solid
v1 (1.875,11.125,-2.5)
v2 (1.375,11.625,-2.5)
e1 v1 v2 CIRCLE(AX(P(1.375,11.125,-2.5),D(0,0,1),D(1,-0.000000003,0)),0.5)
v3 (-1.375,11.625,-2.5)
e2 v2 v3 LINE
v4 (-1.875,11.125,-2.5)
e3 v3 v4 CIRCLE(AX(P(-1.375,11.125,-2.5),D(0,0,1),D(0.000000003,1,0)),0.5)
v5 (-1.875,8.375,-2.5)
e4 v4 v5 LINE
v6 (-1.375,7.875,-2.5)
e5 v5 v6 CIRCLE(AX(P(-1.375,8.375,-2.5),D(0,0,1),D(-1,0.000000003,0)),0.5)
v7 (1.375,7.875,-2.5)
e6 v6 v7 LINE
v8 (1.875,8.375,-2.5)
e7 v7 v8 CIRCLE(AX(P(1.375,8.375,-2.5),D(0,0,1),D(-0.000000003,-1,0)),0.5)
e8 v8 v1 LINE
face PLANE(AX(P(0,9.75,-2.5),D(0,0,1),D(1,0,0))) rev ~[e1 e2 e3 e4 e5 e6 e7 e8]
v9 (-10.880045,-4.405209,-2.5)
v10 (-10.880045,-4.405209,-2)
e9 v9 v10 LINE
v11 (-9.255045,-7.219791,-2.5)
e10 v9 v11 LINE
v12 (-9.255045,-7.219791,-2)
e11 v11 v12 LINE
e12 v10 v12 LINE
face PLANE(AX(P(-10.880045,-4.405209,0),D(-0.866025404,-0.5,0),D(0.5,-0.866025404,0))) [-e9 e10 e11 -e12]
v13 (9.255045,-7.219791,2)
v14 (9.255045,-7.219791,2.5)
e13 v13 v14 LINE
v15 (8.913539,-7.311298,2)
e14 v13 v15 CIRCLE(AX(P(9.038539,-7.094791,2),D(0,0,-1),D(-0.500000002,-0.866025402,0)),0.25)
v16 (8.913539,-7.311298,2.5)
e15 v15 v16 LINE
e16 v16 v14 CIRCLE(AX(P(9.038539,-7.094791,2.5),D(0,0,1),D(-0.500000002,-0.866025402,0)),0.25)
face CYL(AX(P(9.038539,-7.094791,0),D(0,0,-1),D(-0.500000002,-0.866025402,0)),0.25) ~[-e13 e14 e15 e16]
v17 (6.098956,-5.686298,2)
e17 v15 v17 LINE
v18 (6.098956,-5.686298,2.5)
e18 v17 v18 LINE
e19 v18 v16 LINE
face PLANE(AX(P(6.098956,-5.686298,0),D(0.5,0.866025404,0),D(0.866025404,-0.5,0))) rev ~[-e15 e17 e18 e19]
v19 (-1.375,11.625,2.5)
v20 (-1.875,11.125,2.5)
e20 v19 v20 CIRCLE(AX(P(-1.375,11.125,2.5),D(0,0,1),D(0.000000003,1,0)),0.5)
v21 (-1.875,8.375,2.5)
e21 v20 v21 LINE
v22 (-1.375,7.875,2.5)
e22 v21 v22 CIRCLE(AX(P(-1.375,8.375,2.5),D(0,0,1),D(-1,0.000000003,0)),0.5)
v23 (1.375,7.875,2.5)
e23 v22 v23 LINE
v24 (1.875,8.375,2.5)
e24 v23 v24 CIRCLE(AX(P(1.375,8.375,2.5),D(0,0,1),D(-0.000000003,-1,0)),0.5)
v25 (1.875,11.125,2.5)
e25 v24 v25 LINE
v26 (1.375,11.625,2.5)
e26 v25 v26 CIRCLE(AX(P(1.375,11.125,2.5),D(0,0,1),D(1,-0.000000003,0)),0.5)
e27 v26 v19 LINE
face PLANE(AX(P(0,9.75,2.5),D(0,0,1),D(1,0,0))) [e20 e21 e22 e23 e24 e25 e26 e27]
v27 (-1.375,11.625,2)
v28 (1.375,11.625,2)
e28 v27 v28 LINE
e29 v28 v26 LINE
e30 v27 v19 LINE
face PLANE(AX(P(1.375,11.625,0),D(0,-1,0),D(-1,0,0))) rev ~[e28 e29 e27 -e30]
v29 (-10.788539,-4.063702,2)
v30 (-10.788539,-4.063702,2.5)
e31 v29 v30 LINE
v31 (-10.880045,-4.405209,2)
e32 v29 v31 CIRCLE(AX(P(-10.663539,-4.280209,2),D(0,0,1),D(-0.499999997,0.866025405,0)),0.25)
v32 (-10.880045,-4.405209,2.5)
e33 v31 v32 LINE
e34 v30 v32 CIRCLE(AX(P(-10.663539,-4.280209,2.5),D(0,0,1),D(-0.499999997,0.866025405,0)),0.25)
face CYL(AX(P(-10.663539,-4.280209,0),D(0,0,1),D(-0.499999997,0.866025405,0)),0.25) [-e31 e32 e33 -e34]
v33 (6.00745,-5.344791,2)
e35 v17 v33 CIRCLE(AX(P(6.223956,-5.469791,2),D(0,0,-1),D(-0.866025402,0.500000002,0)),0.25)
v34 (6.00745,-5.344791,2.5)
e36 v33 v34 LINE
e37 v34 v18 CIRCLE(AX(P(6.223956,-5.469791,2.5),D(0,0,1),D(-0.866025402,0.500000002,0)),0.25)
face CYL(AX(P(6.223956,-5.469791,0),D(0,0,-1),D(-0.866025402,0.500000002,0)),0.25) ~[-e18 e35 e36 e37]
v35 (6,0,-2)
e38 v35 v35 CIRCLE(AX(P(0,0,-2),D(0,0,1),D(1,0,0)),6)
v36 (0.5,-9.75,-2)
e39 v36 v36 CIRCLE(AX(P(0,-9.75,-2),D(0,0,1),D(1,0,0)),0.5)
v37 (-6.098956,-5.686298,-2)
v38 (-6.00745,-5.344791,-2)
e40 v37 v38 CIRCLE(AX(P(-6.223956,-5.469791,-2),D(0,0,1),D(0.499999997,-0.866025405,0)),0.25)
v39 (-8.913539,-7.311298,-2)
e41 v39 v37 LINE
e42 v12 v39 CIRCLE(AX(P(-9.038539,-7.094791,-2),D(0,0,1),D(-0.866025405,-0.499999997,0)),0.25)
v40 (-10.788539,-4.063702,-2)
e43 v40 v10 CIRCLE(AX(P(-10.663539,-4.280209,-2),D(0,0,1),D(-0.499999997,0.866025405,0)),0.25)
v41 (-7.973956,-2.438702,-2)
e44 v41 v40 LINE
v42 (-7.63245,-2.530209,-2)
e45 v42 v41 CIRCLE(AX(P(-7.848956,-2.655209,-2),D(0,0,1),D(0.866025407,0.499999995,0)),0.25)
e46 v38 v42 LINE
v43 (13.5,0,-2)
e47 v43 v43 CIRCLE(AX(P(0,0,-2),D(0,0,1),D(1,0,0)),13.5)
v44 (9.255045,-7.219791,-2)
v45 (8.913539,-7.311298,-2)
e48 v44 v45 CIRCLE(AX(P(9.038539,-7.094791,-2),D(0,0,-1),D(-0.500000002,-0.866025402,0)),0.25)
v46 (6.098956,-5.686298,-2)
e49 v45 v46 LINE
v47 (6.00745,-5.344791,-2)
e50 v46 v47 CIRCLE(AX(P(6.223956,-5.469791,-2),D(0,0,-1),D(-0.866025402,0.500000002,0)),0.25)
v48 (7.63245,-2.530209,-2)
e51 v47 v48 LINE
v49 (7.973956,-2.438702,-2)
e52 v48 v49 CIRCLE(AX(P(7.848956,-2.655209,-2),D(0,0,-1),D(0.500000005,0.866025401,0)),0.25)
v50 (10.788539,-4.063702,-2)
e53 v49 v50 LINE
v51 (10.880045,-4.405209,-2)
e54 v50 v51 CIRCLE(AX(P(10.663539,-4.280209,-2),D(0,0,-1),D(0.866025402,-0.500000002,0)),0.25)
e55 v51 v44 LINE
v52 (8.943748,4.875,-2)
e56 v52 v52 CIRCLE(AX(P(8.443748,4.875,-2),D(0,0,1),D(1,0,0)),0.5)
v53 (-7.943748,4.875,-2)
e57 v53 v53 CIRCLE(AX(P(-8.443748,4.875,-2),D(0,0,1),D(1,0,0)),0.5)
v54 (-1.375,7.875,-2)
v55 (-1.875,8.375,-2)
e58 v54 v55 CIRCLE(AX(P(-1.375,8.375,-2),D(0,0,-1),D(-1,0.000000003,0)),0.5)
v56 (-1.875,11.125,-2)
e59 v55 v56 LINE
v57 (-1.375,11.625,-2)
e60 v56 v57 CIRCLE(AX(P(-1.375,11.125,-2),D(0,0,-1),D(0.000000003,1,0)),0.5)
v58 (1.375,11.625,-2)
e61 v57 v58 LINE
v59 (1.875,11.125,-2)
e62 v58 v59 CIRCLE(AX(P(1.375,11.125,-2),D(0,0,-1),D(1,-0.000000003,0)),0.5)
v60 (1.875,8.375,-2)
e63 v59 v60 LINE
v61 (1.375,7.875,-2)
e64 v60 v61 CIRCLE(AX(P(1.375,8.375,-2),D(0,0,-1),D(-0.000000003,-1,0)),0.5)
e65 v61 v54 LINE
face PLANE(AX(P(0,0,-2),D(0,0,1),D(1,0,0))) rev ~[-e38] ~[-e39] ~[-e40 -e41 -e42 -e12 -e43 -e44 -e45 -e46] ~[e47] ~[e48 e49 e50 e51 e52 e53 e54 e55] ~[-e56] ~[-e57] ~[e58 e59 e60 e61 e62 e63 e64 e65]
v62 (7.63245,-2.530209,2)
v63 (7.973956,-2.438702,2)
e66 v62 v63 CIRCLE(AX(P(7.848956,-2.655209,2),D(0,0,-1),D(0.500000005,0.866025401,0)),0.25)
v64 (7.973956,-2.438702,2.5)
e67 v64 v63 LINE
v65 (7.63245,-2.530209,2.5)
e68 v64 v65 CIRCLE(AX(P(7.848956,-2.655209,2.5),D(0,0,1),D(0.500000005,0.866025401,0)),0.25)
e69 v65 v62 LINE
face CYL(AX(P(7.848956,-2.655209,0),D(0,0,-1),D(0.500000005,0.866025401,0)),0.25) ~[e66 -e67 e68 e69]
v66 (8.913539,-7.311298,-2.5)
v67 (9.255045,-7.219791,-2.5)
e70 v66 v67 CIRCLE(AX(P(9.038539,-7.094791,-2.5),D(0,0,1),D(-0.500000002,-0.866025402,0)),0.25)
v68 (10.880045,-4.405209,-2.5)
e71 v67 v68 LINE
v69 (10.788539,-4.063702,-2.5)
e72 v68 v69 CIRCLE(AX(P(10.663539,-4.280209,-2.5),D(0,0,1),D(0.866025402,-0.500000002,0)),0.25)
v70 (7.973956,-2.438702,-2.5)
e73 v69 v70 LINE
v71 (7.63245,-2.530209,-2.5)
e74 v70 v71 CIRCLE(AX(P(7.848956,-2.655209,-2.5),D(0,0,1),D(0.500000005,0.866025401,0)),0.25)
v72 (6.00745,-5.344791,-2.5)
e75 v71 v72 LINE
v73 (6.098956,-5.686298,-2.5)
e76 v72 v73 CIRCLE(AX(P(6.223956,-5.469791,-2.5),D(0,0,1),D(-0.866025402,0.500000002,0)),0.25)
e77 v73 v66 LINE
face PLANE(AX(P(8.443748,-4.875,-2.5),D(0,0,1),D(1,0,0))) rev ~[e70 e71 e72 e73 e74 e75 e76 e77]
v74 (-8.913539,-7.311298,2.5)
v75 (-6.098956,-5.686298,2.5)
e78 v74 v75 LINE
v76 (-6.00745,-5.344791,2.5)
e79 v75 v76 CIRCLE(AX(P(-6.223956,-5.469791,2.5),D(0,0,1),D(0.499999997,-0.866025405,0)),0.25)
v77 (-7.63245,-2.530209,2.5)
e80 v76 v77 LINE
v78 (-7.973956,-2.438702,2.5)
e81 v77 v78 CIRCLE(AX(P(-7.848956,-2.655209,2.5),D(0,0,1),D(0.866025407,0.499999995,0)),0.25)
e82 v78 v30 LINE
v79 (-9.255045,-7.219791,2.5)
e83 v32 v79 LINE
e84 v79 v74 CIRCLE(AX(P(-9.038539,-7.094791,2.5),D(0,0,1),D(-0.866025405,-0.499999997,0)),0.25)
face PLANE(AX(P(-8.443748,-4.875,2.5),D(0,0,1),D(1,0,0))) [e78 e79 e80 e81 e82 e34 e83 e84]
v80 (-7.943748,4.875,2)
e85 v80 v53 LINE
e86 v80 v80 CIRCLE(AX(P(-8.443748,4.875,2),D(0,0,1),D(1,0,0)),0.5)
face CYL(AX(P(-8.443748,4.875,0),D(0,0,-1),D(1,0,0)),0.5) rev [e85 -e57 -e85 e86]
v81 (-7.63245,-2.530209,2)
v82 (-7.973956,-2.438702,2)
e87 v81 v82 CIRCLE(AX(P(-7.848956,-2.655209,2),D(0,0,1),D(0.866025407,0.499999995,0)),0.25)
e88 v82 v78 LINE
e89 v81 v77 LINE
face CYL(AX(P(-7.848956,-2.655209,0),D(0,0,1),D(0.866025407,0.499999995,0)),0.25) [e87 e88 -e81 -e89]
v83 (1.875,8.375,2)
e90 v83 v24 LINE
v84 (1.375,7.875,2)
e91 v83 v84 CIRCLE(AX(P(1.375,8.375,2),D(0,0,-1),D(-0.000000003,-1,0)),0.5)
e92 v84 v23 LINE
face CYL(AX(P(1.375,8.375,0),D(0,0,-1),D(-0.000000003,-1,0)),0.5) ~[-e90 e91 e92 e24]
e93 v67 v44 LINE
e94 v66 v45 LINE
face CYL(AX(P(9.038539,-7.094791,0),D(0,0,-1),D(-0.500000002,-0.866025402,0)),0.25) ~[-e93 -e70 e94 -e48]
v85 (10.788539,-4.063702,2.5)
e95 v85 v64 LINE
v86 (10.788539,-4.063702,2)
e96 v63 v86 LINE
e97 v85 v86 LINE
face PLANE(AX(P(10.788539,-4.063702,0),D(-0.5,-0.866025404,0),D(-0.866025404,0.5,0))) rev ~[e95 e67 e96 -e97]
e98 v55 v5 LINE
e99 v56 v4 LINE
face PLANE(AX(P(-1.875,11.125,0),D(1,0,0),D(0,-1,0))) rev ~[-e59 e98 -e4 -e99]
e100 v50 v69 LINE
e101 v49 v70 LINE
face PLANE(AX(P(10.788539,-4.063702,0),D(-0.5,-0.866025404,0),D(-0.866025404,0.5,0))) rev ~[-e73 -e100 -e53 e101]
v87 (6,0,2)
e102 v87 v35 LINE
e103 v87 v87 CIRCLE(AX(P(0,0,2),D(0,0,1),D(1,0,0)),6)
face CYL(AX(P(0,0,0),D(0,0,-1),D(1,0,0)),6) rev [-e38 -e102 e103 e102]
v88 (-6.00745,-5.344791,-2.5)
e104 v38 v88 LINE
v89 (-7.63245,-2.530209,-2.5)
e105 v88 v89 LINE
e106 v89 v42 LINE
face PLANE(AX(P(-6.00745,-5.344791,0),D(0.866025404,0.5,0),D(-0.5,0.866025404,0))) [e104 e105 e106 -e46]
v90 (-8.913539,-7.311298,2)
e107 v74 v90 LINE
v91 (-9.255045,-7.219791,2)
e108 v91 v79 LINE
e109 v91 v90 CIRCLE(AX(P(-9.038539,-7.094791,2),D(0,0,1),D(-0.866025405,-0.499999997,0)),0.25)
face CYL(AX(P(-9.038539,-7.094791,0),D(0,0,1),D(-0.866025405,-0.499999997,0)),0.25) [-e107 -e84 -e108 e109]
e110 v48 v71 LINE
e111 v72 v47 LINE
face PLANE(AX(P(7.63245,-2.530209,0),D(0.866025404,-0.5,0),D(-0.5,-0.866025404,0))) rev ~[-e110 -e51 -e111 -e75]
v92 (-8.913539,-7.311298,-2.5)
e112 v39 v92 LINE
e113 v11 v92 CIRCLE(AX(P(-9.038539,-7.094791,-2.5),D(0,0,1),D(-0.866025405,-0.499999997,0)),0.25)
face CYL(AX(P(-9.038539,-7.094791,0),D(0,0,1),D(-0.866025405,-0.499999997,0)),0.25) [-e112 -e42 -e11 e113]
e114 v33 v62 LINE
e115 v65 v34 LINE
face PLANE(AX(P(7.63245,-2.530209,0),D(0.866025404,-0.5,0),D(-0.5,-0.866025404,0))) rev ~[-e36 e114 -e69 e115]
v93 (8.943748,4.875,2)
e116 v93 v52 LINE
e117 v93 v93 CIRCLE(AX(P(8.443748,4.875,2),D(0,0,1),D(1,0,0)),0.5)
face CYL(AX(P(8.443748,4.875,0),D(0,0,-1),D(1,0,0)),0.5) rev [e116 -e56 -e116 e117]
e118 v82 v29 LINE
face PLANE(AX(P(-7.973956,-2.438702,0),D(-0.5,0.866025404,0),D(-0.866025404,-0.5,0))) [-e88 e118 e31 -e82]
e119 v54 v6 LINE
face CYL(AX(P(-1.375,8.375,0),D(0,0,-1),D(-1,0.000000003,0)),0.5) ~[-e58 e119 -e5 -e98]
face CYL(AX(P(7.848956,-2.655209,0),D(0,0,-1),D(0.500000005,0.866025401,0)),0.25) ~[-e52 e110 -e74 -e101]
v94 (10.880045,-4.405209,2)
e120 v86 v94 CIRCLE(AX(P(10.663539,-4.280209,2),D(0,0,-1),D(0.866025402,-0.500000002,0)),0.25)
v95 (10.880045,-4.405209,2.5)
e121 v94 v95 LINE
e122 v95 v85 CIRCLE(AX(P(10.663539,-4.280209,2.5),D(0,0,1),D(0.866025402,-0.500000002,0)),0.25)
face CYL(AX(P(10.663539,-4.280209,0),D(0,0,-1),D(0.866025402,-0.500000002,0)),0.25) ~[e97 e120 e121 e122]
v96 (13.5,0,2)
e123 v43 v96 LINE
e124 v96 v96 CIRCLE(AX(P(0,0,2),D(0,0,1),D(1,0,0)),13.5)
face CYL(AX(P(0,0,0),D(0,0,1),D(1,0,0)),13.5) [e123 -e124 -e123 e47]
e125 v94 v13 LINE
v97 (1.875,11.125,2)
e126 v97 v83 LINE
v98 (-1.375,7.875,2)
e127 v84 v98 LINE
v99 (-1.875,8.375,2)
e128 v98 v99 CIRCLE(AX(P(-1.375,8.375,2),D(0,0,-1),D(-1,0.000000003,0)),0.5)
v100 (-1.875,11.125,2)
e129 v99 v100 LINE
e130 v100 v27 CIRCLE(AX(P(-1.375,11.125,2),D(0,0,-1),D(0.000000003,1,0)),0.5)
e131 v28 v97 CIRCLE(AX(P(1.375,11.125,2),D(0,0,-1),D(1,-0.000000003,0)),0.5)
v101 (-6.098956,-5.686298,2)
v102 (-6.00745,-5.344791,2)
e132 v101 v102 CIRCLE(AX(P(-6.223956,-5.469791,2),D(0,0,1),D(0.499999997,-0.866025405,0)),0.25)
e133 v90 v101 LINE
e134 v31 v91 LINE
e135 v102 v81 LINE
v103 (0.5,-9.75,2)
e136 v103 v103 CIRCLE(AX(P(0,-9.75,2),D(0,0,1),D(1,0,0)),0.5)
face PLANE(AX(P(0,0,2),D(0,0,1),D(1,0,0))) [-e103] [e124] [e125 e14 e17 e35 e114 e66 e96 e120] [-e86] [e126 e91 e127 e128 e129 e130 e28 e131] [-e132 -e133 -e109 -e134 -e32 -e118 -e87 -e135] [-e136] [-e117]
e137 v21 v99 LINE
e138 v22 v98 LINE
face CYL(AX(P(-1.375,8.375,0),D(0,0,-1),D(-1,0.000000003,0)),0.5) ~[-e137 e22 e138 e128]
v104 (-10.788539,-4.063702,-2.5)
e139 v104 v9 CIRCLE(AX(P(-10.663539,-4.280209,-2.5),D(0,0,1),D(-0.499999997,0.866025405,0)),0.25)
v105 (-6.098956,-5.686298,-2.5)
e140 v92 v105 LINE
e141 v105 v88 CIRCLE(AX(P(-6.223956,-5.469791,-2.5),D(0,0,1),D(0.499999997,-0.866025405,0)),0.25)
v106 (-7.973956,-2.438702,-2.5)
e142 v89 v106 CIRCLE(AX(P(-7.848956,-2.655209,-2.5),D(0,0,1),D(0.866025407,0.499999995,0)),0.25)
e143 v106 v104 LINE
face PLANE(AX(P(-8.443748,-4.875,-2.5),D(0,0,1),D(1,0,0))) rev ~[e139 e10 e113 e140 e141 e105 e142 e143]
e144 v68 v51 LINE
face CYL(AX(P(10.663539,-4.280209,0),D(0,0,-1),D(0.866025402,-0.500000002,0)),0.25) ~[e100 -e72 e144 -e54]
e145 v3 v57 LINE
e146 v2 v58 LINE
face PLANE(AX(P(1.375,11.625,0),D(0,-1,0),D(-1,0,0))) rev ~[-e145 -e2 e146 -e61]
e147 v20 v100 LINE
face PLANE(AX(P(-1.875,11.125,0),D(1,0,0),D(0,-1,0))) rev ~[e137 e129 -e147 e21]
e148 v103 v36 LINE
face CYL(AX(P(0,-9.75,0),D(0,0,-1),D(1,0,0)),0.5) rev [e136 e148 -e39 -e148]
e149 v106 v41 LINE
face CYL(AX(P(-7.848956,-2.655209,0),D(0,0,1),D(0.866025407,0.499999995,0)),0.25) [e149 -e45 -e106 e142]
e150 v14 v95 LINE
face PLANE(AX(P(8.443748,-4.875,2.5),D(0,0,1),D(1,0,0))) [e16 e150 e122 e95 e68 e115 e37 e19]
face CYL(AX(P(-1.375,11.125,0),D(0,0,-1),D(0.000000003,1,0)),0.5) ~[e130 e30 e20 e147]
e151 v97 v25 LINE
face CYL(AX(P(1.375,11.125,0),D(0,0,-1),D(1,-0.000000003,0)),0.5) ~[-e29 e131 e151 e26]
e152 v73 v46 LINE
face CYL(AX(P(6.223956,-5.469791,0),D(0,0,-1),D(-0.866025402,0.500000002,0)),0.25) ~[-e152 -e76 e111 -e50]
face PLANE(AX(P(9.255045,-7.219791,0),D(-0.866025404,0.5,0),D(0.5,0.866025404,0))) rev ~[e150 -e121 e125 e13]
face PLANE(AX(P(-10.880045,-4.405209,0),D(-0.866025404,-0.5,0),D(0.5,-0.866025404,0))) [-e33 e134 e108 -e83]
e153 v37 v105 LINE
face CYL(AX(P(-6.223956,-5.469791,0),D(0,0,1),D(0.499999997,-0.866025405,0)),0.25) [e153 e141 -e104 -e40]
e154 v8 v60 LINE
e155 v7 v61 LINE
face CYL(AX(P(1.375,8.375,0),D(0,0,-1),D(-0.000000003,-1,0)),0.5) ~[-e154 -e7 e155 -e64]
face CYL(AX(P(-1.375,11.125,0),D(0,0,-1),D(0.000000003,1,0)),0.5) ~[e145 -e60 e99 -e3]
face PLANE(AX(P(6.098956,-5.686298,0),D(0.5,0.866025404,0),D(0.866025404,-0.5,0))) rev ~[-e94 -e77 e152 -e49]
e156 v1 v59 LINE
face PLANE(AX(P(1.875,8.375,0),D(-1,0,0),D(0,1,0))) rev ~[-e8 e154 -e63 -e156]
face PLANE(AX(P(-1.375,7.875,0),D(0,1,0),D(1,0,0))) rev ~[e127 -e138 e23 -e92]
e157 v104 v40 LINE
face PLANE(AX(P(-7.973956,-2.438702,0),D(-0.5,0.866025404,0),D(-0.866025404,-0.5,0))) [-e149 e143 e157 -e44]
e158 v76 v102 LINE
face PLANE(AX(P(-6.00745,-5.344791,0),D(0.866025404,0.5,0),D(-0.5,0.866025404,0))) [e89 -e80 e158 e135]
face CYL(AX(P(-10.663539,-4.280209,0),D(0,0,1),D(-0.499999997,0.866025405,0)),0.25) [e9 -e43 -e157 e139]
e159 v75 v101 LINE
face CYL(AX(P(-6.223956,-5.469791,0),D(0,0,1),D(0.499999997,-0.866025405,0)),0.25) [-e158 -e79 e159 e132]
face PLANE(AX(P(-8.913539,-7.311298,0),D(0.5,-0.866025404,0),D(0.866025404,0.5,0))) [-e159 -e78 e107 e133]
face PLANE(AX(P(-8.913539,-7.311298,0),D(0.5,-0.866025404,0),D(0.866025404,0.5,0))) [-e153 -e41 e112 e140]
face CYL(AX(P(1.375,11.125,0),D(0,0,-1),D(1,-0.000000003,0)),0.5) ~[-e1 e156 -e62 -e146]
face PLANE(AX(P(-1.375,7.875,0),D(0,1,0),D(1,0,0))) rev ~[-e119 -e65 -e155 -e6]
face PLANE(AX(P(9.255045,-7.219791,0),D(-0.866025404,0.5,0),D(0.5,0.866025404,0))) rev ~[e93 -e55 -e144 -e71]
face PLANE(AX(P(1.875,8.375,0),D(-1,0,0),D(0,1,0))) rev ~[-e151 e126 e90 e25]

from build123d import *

# Parameters (mm, degrees)
SKETCH2_R           = 13.5
SKETCH2_R_2         = 6
SKETCH2_R_3         = 0.5
BOSS_EXTRUDE2_DEPTH = 2
BOSS_EXTRUDE3_DEPTH = 2.5


with BuildPart() as part:
    # Sketch2 → Boss-Extrude2 (new, symmetric)
    with BuildSketch(Plane.XY):
        Circle(SKETCH2_R)
        Circle(SKETCH2_R_2, mode=Mode.SUBTRACT)
        with Locations((8.443747687, 4.875)):
            Circle(SKETCH2_R_3, mode=Mode.SUBTRACT)
        with Locations((0, -9.75)):
            Circle(SKETCH2_R_3, mode=Mode.SUBTRACT)
        with Locations((-8.443747687, 4.875)):
            Circle(SKETCH2_R_3, mode=Mode.SUBTRACT)
    extrude(amount=BOSS_EXTRUDE2_DEPTH, both=True)

    # Sketch3 → Boss-Extrude3 (add, symmetric)
    with BuildSketch(Plane.XY):
        with BuildLine():
            Line((7.632450055, -2.530208719), (6.007450055, -5.344791281))
            ThreePointArc((6.007450055, -5.344791281), (5.982474949, -5.534496042), (6.098956406, -5.686297632))
            Line((6.098956406, -5.686297632), (8.913538968, -7.311297632))
            ThreePointArc((8.913538968, -7.311297632), (9.103243729, -7.336272738), (9.255045319, -7.219791281))
            Line((9.255045319, -7.219791281), (10.880045319, -4.405208719))
            ThreePointArc((10.880045319, -4.405208719), (10.905020425, -4.215503958), (10.788538968, -4.063702368))
            Line((10.788538968, -4.063702368), (7.973956406, -2.438702368))
            ThreePointArc((7.973956406, -2.438702368), (7.784251644, -2.413727262), (7.632450055, -2.530208719))
        make_face()
        with BuildLine():
            Line((-1.375, 7.875), (1.375, 7.875))
            ThreePointArc((1.375, 7.875), (1.728553391, 8.021446609), (1.875, 8.375))
            Line((1.875, 8.375), (1.875, 11.125))
            ThreePointArc((1.875, 11.125), (1.728553391, 11.478553391), (1.375, 11.625))
            Line((1.375, 11.625), (-1.375, 11.625))
            ThreePointArc((-1.375, 11.625), (-1.728553391, 11.478553391), (-1.875, 11.125))
            Line((-1.875, 11.125), (-1.875, 8.375))
            ThreePointArc((-1.875, 8.375), (-1.728553391, 8.021446609), (-1.375, 7.875))
        make_face()
        with BuildLine():
            Line((-6.007450055, -5.344791281), (-7.632450055, -2.530208719))
            ThreePointArc((-7.632450055, -2.530208719), (-7.784251644, -2.413727262), (-7.973956406, -2.438702368))
            Line((-7.973956406, -2.438702368), (-10.788538968, -4.063702368))
            ThreePointArc((-10.788538968, -4.063702368), (-10.905020425, -4.215503958), (-10.880045319, -4.405208719))
            Line((-10.880045319, -4.405208719), (-9.255045319, -7.219791281))
            ThreePointArc((-9.255045319, -7.219791281), (-9.103243729, -7.336272738), (-8.913538968, -7.311297632))
            Line((-8.913538968, -7.311297632), (-6.098956406, -5.686297632))
            ThreePointArc((-6.098956406, -5.686297632), (-5.982474949, -5.534496042), (-6.007450055, -5.344791281))
        make_face()
    extrude(amount=BOSS_EXTRUDE3_DEPTH, both=True)


solid = part.part
